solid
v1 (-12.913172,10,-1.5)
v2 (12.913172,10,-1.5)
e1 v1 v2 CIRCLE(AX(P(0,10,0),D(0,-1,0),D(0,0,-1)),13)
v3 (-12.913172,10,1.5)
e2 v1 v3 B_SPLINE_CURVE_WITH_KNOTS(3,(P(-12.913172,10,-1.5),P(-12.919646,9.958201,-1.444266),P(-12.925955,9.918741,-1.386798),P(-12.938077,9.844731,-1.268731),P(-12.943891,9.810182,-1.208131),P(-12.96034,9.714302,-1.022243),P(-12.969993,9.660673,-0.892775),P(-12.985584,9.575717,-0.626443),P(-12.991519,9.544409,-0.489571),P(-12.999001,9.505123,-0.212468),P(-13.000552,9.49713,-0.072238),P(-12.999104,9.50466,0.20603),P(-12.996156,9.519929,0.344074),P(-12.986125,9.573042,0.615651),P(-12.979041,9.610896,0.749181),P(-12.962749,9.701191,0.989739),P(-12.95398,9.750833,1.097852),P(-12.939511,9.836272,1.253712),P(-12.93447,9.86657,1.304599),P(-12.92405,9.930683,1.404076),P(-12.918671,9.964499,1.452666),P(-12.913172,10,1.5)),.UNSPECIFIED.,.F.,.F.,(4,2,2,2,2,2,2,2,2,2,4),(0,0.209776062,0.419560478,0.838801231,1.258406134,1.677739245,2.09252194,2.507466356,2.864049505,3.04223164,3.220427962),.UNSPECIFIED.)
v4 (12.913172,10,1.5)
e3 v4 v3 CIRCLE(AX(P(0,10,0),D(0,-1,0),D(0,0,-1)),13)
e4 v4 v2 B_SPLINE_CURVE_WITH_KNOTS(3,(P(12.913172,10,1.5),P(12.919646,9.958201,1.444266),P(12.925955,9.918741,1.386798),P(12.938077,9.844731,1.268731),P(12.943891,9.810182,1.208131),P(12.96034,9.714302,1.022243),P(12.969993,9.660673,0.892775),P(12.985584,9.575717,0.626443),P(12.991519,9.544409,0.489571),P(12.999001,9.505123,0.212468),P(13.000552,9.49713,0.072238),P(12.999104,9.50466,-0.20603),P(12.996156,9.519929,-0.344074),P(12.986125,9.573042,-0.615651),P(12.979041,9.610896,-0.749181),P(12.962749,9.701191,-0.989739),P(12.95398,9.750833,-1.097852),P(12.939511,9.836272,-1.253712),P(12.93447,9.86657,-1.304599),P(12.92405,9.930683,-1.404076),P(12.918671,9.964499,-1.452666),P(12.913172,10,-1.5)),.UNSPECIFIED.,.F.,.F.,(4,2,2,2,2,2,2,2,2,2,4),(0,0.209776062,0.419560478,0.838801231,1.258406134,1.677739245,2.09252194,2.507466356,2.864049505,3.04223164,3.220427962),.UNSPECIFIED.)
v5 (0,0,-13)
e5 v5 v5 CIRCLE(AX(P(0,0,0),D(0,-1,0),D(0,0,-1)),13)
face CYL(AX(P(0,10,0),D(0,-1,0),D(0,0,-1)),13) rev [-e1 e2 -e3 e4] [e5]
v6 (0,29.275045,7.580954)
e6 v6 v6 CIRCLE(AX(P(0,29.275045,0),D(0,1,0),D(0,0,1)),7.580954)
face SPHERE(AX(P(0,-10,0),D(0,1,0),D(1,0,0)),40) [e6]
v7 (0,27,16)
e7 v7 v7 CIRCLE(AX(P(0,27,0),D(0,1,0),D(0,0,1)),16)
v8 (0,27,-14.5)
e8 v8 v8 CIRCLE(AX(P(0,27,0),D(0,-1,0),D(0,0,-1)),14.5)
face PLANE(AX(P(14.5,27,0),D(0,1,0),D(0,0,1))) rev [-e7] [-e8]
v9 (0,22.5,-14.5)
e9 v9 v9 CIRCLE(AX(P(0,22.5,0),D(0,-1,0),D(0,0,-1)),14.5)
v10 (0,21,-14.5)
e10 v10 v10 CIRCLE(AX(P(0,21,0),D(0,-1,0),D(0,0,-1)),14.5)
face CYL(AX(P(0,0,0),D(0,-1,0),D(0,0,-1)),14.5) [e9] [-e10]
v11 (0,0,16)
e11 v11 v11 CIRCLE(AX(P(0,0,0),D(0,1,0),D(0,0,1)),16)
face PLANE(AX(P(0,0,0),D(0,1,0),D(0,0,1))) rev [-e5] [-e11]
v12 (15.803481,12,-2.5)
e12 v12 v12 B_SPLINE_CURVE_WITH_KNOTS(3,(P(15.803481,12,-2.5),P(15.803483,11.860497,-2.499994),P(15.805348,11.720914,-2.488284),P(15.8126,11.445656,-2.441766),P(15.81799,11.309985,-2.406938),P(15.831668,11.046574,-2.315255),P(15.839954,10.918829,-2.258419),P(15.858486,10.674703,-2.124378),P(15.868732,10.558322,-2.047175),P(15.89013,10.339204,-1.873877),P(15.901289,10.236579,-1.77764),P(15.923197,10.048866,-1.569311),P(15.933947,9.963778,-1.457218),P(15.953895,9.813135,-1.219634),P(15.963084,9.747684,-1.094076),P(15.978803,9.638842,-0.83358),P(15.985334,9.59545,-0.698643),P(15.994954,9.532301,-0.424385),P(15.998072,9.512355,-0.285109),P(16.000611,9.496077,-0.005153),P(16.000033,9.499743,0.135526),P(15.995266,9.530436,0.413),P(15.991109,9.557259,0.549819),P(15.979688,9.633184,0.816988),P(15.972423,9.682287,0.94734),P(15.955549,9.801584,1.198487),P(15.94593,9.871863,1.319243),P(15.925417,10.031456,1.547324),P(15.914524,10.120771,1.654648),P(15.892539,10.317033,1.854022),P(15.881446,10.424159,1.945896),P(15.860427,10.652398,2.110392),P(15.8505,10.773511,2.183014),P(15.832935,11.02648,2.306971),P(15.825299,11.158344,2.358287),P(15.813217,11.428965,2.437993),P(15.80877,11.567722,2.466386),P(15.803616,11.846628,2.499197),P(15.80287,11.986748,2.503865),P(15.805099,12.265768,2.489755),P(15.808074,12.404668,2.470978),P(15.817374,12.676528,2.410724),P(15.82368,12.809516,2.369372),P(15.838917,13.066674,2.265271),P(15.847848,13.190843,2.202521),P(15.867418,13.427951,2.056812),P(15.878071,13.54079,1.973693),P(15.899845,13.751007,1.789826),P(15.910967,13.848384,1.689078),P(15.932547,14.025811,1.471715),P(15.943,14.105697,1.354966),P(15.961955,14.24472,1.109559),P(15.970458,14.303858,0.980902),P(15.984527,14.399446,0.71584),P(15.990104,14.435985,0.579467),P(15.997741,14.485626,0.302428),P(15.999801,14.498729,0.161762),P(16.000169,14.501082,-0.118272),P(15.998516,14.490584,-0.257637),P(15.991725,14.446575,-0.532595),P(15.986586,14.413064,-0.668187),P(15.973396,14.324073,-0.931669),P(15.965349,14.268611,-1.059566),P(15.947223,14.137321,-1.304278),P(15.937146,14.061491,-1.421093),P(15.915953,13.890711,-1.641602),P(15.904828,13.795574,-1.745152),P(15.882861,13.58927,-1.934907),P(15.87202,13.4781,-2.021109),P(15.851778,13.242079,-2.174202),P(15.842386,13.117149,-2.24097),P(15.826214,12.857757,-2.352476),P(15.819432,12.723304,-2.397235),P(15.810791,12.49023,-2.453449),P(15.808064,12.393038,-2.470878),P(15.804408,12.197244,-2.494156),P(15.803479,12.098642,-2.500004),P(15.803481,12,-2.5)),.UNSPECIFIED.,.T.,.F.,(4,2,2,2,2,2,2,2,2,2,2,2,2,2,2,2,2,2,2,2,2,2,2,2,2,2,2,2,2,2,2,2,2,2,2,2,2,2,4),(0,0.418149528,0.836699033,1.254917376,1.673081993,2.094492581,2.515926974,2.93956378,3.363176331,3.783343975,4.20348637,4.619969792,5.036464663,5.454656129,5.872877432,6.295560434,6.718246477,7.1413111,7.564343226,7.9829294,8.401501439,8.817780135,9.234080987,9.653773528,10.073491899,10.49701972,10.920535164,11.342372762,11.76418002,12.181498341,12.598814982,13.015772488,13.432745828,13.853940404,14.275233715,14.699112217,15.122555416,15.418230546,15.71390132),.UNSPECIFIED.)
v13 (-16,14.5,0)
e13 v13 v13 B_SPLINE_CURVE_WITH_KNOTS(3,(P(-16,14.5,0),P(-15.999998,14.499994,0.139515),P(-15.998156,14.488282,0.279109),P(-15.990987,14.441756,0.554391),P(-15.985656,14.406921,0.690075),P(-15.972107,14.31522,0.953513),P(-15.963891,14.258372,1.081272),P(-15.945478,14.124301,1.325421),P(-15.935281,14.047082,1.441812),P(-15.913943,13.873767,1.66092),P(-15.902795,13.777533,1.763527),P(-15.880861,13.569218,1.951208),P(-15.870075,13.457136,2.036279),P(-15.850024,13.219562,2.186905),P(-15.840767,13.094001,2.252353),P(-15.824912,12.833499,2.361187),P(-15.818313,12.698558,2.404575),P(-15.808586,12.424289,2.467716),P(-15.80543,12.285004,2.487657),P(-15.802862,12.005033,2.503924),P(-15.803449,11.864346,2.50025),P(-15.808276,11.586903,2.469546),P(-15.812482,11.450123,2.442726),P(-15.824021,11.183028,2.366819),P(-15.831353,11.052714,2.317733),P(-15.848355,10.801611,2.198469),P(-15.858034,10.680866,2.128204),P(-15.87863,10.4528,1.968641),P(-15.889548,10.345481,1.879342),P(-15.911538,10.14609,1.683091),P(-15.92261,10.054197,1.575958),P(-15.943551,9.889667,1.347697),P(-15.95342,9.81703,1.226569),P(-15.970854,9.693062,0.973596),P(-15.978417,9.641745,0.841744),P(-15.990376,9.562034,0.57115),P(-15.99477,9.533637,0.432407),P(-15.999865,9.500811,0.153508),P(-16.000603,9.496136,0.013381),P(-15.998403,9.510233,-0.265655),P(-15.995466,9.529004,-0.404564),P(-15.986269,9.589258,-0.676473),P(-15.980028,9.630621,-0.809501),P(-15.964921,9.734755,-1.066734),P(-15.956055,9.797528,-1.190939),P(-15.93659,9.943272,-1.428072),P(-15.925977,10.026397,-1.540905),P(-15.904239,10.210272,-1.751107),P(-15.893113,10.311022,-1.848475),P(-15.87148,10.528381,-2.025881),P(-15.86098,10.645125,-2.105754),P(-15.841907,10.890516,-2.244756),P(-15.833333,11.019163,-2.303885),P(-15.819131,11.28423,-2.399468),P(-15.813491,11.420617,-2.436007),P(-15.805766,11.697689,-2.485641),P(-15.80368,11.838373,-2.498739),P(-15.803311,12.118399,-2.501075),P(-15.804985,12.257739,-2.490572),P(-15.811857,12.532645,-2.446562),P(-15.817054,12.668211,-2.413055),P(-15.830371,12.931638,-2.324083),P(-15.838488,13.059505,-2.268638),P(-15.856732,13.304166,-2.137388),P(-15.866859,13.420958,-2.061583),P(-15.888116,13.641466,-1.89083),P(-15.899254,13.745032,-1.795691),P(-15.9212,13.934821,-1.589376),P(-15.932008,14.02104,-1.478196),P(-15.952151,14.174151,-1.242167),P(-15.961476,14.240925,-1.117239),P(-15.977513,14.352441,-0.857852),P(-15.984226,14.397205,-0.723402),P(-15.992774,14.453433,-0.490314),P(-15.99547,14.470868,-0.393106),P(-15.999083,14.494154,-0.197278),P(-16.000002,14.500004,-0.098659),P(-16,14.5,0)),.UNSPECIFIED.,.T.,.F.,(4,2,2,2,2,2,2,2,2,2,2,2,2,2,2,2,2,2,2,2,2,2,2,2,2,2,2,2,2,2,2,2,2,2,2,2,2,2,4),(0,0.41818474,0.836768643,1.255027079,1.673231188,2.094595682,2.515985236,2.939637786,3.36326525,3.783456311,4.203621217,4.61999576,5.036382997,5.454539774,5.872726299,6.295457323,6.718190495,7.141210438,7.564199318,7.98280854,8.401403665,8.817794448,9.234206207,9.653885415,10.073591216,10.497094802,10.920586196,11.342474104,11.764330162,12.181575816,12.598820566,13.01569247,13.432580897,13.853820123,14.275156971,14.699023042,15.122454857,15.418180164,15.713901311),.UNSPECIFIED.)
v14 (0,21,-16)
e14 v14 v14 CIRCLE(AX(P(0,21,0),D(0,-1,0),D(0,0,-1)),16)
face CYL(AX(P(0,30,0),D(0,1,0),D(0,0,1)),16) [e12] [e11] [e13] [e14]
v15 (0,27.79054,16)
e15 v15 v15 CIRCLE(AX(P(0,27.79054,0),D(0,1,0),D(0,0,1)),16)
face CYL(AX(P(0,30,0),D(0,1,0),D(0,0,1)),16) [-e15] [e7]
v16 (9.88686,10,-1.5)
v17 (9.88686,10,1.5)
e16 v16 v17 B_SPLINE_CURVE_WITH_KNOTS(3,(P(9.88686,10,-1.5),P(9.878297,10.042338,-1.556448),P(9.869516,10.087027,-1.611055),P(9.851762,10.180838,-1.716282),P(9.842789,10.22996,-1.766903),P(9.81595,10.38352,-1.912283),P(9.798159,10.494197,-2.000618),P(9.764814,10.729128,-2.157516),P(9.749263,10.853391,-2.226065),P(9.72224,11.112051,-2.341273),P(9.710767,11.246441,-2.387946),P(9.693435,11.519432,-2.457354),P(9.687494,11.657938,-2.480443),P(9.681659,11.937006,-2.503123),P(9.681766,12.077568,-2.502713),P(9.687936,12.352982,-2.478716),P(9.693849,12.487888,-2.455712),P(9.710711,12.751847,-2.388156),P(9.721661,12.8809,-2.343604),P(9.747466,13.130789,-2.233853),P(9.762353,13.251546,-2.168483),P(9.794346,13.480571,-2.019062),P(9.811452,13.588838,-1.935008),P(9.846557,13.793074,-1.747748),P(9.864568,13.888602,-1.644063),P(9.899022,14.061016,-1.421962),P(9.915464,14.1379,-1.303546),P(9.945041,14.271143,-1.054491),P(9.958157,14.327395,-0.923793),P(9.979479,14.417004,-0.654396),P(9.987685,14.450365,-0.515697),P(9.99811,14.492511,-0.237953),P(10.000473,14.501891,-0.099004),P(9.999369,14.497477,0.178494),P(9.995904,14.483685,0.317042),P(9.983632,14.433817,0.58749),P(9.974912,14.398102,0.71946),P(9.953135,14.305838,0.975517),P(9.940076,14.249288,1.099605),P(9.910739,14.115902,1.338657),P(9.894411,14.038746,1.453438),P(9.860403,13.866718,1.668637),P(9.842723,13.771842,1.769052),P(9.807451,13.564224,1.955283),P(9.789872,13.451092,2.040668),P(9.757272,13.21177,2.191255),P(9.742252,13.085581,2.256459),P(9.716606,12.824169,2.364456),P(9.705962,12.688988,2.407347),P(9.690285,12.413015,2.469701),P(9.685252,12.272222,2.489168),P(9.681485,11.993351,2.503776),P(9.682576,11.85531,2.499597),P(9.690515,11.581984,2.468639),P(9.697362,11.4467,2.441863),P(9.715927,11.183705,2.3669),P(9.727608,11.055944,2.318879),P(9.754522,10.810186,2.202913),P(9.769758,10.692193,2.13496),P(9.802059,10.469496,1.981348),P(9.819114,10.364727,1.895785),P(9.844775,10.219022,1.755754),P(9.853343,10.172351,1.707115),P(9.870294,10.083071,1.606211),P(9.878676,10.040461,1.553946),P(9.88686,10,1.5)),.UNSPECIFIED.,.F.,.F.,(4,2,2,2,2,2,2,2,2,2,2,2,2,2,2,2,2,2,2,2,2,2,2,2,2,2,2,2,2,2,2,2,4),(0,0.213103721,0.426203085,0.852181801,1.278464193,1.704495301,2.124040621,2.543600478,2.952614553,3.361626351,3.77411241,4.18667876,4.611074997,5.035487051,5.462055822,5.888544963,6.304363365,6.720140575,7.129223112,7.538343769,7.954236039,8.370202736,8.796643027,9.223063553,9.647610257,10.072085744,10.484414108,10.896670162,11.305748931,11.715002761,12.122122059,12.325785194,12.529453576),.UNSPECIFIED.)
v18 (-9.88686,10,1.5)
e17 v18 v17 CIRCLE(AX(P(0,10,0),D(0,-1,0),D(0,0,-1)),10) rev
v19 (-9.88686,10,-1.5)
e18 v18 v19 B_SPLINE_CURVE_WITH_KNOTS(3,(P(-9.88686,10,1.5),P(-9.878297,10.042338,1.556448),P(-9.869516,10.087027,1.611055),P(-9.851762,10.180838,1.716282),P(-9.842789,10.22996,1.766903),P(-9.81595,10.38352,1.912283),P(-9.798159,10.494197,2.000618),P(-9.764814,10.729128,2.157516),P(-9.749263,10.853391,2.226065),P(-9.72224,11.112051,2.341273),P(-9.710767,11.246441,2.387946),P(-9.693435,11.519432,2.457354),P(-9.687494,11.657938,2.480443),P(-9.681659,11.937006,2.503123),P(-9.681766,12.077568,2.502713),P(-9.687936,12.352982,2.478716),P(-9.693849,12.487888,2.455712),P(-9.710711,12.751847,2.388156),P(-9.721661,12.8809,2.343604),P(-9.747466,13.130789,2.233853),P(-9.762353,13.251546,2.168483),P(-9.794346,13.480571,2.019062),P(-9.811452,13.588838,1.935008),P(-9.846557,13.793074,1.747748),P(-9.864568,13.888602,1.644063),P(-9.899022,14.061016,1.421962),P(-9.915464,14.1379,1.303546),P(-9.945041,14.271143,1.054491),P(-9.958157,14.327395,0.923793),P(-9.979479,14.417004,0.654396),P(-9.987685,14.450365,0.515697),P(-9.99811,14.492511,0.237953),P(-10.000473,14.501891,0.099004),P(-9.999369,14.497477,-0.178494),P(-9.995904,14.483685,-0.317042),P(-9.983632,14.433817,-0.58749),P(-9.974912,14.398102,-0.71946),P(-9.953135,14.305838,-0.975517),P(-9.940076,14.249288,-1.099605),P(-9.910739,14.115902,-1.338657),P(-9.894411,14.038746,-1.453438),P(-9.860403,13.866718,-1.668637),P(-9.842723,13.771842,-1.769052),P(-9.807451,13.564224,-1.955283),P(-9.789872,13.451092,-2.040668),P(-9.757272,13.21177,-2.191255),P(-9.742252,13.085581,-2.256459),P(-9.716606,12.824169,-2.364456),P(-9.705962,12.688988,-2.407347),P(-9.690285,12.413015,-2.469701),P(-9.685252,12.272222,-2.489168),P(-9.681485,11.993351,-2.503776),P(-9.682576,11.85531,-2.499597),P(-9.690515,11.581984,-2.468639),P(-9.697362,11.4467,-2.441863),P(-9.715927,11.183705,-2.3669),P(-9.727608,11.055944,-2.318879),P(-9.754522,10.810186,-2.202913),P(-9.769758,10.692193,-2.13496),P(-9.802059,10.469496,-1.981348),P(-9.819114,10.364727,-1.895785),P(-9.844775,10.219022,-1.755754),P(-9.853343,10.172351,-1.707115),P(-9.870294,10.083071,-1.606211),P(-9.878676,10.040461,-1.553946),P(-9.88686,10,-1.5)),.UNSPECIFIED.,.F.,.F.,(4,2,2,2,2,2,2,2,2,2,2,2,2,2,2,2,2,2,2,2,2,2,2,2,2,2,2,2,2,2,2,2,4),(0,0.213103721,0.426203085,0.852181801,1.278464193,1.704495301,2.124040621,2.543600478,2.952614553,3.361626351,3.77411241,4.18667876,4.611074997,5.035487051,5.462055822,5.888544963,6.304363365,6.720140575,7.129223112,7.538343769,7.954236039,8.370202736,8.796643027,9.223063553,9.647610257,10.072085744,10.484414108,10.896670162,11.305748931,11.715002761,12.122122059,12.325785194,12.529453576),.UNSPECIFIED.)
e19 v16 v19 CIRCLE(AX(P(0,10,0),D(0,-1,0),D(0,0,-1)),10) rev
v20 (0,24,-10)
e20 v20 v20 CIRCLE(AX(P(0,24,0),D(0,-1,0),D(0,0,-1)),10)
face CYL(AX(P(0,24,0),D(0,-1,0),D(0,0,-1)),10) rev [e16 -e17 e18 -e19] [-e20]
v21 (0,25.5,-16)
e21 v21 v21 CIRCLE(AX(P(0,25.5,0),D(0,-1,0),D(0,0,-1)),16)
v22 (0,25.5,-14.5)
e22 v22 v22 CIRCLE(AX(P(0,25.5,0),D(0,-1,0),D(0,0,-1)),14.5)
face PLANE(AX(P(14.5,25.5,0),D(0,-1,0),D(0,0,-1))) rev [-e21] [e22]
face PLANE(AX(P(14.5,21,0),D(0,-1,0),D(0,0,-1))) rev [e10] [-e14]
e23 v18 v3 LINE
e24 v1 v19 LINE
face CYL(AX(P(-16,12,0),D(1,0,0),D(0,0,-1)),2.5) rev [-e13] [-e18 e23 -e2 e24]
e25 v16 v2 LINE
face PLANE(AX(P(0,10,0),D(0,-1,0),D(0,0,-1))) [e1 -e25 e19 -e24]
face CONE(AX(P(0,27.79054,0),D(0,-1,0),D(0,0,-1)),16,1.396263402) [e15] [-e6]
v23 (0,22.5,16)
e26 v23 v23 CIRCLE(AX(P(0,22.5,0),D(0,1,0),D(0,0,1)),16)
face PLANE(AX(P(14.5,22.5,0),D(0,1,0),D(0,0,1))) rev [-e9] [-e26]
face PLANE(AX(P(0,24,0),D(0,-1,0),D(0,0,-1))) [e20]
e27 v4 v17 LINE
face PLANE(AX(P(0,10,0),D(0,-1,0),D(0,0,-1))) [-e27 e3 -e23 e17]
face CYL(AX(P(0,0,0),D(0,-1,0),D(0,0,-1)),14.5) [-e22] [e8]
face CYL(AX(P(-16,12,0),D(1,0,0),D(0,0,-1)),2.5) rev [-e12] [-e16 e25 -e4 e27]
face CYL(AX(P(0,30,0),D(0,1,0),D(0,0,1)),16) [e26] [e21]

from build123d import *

# Parameters (mm, degrees)
SKETCH2_W               = 4.716400703
SKETCH2_H               = 1.5
SKETCH3_R               = 10
CUT_EXTRUDE1_DEPTH      = 24
SKETCH4_R               = 13
CUT_EXTRUDE2_DEPTH      = 10
CUT_EXTRUDE3_DEPTH      = 38.576588456
CUT_EXTRUDE3_DEPTH_BACK = 38.576588456
SKETCH5_R               = 2.5


with BuildPart() as part:
    # Sketch1 → Revolve1 (revolve)
    with BuildSketch(Plane.XY, mode=Mode.PRIVATE) as revolve1_sk:
        with BuildLine():
            Line((0, 0), (16, 0))
            Line((16, 0), (16, 27.790539739))
            Line((16, 27.790539739), (7.58095419, 29.275044667))
            ThreePointArc((7.58095419, 29.275044667), (3.807769251, 29.818348702), (0, 30))
            Line((0, 30), (0, 0))
        make_face()
    revolve(revolve1_sk.sketch.rotate(Axis((0, 30, 0), (0, -1, 0)), 90), axis=Axis((0, 30, 0), (0, -1, 0)))

    # Sketch2 → Cut-Revolve1 (revolve, cut)
    with BuildSketch(Plane.XY, mode=Mode.PRIVATE) as cut_revolve1_sk:
        with Locations((16.858200352, 26.25)):
            Rectangle(SKETCH2_W, SKETCH2_H)
        with Locations((16.858200352, 21.75)):
            Rectangle(SKETCH2_W, SKETCH2_H)
    revolve(cut_revolve1_sk.sketch.rotate(Axis((0, 0, 0), (0, 1, 0)), 270), axis=Axis((0, 0, 0), (0, 1, 0)), mode=Mode.SUBTRACT)

    # Sketch3 → Cut-Extrude1 (cut)
    with BuildSketch(Plane.XZ):
        with Locations(Location((0, 0, 0), (0, 0, 270))):
            Circle(SKETCH3_R)
    extrude(amount=-CUT_EXTRUDE1_DEPTH, mode=Mode.SUBTRACT)

    # Sketch4 → Cut-Extrude2 (cut)
    with BuildSketch(Plane.XZ):
        with Locations(Location((0, 0, 0), (0, 0, 270))):
            Circle(SKETCH4_R)
    extrude(amount=-CUT_EXTRUDE2_DEPTH, mode=Mode.SUBTRACT)

    # Sketch5 → Cut-Extrude3 (cut, two sides: drawn at the far end of the back side and taken through both)
    with BuildSketch(Plane(origin=(0, 0, 0), x_dir=(0, 0, -1), z_dir=(1, 0, 0)).offset(-CUT_EXTRUDE3_DEPTH_BACK)):
        with Locations(Location((0, 12, 0), (0, 0, 306.869897646))):
            Circle(SKETCH5_R)
    extrude(amount=CUT_EXTRUDE3_DEPTH + CUT_EXTRUDE3_DEPTH_BACK, mode=Mode.SUBTRACT)


solid = part.part
